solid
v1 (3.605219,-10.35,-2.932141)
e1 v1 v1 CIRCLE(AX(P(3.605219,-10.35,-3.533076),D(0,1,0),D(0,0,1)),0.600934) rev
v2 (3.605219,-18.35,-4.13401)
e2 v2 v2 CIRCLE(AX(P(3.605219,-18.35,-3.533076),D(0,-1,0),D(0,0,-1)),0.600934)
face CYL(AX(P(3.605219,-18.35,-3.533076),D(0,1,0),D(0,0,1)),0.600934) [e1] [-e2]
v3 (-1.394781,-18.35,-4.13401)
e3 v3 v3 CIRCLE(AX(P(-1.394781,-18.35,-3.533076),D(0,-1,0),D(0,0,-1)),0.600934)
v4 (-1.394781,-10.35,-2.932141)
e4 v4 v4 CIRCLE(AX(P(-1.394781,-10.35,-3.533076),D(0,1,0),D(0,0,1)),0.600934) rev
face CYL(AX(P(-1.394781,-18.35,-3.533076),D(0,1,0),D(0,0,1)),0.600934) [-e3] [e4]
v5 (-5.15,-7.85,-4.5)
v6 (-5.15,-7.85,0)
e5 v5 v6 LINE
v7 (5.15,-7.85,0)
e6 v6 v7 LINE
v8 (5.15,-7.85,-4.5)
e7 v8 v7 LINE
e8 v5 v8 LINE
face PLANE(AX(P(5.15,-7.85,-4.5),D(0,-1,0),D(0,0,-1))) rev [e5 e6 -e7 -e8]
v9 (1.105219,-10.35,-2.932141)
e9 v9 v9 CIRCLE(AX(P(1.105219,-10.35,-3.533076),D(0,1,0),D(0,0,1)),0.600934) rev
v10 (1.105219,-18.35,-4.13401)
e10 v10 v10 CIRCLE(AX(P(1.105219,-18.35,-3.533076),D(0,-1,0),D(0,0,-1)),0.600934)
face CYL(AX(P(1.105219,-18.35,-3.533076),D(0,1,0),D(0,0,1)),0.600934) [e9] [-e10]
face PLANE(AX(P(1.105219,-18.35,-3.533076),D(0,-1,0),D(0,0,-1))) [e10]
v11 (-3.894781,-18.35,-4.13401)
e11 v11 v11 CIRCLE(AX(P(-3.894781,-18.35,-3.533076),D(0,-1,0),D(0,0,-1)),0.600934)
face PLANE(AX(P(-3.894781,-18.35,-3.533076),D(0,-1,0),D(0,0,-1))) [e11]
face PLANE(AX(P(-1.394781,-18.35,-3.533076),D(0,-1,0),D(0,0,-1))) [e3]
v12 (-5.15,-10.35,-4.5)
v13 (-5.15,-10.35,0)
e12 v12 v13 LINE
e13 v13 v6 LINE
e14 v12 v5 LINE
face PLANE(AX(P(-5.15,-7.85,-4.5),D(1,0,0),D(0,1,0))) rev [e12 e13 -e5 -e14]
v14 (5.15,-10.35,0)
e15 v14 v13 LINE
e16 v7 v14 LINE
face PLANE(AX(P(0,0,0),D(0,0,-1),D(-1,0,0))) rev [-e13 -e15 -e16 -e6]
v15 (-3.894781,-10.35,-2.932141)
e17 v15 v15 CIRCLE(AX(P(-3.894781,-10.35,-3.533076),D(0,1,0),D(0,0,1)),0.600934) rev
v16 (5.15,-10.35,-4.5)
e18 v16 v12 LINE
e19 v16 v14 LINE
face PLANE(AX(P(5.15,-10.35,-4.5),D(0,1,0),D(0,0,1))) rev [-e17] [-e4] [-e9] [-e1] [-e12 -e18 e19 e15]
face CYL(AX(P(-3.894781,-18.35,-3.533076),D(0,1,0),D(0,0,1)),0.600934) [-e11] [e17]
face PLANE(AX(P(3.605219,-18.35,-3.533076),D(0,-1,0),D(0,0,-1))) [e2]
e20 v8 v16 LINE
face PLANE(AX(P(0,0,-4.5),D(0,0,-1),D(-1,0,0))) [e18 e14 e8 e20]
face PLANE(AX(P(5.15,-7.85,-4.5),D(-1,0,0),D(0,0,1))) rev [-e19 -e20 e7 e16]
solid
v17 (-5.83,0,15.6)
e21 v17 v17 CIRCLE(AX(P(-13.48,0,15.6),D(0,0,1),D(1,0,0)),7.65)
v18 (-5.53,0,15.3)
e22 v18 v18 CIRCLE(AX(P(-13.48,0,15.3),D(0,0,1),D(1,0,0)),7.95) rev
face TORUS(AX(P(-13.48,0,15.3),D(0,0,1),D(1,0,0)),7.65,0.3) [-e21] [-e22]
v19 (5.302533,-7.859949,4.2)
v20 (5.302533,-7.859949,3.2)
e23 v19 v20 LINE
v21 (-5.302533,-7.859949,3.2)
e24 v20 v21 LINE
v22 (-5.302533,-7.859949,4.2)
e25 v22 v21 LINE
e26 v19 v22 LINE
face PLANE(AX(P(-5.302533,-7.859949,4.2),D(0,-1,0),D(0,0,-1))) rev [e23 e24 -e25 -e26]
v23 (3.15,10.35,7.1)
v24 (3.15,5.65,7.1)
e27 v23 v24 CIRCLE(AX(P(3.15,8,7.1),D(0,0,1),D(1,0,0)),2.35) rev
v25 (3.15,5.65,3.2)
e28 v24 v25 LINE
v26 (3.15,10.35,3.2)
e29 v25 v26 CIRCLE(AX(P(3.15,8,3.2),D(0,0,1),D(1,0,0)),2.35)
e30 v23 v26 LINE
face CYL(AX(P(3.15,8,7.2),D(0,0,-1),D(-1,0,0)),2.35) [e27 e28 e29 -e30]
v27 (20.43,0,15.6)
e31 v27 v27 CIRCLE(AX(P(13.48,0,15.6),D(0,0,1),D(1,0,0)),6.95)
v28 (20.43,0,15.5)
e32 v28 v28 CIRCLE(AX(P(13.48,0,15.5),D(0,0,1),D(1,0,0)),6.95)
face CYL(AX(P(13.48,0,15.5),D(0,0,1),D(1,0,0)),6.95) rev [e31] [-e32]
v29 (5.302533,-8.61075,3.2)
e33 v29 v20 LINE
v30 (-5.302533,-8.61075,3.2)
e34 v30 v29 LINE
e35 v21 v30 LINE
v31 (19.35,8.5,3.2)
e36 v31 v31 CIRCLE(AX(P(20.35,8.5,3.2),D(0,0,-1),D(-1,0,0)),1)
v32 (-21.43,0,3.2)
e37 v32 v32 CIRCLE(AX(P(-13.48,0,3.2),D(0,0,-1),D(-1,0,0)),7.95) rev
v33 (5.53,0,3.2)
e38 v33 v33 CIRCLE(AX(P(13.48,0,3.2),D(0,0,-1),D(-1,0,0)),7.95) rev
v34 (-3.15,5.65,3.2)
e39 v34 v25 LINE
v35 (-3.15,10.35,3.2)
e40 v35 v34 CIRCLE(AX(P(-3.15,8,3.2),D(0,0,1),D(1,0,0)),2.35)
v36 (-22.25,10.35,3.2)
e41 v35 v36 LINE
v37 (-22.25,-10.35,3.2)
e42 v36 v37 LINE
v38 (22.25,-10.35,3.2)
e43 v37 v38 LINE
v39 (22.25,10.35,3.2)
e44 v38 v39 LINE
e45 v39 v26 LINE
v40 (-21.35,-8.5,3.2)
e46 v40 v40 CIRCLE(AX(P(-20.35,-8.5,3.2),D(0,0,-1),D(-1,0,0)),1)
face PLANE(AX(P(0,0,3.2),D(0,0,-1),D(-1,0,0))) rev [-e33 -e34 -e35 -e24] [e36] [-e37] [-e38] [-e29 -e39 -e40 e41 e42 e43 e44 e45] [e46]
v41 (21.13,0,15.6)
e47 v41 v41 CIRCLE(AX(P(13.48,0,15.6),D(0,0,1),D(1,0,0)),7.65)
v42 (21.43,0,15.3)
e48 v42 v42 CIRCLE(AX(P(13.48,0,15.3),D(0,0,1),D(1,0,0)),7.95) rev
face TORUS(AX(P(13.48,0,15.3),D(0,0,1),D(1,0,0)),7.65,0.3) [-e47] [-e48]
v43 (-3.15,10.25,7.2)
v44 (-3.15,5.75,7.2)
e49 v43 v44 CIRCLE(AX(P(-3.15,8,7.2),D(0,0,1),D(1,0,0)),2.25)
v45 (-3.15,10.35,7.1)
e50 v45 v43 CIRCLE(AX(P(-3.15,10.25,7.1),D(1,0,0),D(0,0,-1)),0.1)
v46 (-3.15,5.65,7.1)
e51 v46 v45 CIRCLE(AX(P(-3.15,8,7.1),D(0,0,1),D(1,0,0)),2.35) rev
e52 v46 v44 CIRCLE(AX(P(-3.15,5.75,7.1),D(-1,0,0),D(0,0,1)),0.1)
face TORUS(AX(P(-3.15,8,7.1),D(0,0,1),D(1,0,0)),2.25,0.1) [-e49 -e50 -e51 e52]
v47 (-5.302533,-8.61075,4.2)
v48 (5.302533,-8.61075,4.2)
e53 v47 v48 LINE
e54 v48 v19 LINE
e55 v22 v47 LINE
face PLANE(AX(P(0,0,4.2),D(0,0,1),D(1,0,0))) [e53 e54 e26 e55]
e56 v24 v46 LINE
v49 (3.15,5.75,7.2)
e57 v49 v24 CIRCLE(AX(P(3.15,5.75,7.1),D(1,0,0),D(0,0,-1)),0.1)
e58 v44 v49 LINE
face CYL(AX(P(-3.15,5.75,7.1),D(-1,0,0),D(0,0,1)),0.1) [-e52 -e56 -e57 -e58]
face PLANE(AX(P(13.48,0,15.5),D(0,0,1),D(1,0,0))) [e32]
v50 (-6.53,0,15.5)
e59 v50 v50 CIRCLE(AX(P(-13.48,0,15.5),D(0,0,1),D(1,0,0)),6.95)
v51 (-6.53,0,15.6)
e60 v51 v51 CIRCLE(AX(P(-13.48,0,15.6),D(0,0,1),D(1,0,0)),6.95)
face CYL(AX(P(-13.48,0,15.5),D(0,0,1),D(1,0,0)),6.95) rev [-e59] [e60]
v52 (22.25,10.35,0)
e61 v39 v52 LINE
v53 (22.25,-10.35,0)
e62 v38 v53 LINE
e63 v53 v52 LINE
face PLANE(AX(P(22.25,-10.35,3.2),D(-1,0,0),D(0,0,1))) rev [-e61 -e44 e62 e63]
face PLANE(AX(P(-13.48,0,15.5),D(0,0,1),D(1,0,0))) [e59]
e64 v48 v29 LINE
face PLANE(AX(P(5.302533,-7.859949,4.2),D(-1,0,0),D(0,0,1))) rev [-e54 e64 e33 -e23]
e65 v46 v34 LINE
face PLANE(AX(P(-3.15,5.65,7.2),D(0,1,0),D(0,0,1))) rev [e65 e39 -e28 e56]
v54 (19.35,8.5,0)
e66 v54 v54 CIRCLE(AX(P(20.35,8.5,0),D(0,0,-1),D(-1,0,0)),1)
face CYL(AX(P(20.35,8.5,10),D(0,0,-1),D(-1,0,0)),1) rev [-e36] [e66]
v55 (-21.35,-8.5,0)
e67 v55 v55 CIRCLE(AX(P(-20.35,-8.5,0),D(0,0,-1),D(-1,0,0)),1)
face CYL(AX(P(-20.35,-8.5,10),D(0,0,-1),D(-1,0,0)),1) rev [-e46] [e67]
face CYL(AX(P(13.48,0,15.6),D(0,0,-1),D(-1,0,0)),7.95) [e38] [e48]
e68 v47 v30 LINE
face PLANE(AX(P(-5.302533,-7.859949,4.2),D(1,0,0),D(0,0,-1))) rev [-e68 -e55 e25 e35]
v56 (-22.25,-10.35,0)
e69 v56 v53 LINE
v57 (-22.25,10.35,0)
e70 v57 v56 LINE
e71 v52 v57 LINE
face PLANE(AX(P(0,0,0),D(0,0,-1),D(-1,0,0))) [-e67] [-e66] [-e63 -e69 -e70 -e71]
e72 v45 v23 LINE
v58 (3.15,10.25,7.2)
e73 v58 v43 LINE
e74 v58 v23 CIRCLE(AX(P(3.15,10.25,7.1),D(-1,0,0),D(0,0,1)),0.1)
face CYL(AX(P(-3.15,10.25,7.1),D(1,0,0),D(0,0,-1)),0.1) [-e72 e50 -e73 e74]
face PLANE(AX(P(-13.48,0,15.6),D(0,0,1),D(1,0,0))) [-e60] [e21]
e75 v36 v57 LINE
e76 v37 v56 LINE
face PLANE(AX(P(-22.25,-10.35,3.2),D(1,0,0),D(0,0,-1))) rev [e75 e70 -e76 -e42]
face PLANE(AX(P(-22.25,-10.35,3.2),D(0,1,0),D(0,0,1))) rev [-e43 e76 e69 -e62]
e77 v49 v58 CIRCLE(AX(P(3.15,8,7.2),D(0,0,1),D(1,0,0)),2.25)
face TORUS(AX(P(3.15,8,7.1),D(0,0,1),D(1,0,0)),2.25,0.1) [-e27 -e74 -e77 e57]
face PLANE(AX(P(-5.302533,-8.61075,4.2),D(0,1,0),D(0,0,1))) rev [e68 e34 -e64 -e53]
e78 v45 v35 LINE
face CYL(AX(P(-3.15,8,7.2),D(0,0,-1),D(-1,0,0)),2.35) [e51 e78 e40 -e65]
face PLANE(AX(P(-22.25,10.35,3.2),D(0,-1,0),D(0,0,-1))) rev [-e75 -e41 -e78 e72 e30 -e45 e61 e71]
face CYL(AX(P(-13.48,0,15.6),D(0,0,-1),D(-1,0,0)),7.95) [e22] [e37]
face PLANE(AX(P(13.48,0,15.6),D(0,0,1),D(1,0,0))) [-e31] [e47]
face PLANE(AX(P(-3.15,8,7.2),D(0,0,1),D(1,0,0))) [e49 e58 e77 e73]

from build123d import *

# Parameters (mm, degrees)
SKETCH_1_W          = 44.5
SKETCH_1_H          = 20.7
EXTRUDE_1_DEPTH     = 3.2
EXTRUDE_2_DEPTH     = 4
FILLET_1_R          = 0.1
SKETCH_3_R          = 7.95
EXTRUDE_3_DEPTH     = 12.4
SKETCH_4_R          = 6.95
CUT_EXTRUDE_1_DEPTH = 0.1
FILLET_2_R          = 0.3
SKETCH_5_W          = 10.605065306
SKETCH_5_H          = 0.750801084
EXTRUDE_4_DEPTH     = 1
SKETCH_6_W          = 10.3
SKETCH_6_H          = 2.5
EXTRUDE_5_DEPTH     = 4.5
SKETCH_7_R          = 0.600934077
EXTRUDE_6_DEPTH     = 8
SKETCH_8_R          = 1
CUT_EXTRUDE_2_DEPTH = 10


with BuildPart() as part:
    # Эскиз1 → Бобышка-Вытянуть1 (new body)
    with BuildSketch(Plane.XY):
        Rectangle(SKETCH_1_W, SKETCH_1_H)
    extrude(amount=EXTRUDE_1_DEPTH)

    # Эскиз2 → Бобышка-Вытянуть2 (add)
    with BuildSketch(Plane.XY.offset(3.2)):
        with BuildLine():
            Line((-3.15, 10.35), (3.15, 10.35))
            ThreePointArc((3.15, 10.35), (5.5, 8), (3.15, 5.65))
            Line((3.15, 5.65), (-3.15, 5.65))
            ThreePointArc((-3.15, 5.65), (-5.5, 8), (-3.15, 10.35))
        make_face()
    extrude(amount=EXTRUDE_2_DEPTH)

    # Скругление1
    fillet_1_edges = [part.edges().sort_by_distance(p)[0] for p in [
        (-5.5, 8, 7.2),
        (0, 5.65, 7.2),
        (5.5, 8, 7.2),
        (0, 10.35, 7.2),
    ]]
    fillet(fillet_1_edges, radius=FILLET_1_R)

    # Эскиз3 → Бобышка-Вытянуть3 (add)
    with BuildSketch(Plane.XY.offset(3.2)):
        with Locations((-13.48, 0)):
            Circle(SKETCH_3_R)
        with Locations((13.48, 0)):
            Circle(SKETCH_3_R)
    extrude(amount=EXTRUDE_3_DEPTH)

    # Эскиз4 → Вырез-Вытянуть1 (cut)
    with BuildSketch(Plane.XY.offset(15.6)):
        with Locations((-13.48, 0)):
            Circle(SKETCH_4_R)
        with Locations((13.48, 0)):
            Circle(SKETCH_4_R)
    extrude(amount=-CUT_EXTRUDE_1_DEPTH, mode=Mode.SUBTRACT)

    # Скругление2
    fillet_2_edges = [part.edges().sort_by_distance(p)[0] for p in [
        (-21.43, 0, 15.6),
        (5.53, 0, 15.6),
    ]]
    fillet(fillet_2_edges, radius=FILLET_2_R)

    # Эскиз5 → Бобышка-Вытянуть4 (add)
    with BuildSketch(Plane.XY.offset(3.2)):
        with Locations((0, -8.235349386)):
            Rectangle(SKETCH_5_W, SKETCH_5_H)
    extrude(amount=EXTRUDE_4_DEPTH)

    # Эскиз8 → Вырез-Вытянуть2 (cut)
    with BuildSketch(Plane(origin=(0, 0, 0), x_dir=(-1, 0, 0), z_dir=(0, 0, -1))):
        with Locations((-20.35, 8.5)):
            Circle(SKETCH_8_R)
        with Locations((20.35, -8.5)):
            Circle(SKETCH_8_R)
    extrude(amount=-CUT_EXTRUDE_2_DEPTH, mode=Mode.SUBTRACT)


with BuildPart() as body_2:
    # Эскиз6 → Бобышка-Вытянуть5 (new body)
    with BuildSketch(Plane(origin=(0, 0, 0), x_dir=(-1, 0, 0), z_dir=(0, 0, -1))):
        with Locations((0, -9.1)):
            Rectangle(SKETCH_6_W, SKETCH_6_H)
    extrude(amount=EXTRUDE_5_DEPTH)

    # Эскиз7 → Бобышка-Вытянуть6 (add)
    with BuildSketch(Plane.XZ.offset(10.35)):
        with Locations((-3.894780621, -3.533075537)):
            Circle(SKETCH_7_R)
        with Locations((-1.394780621, -3.533075537)):
            Circle(SKETCH_7_R)
        with Locations((1.105219379, -3.533075537)):
            Circle(SKETCH_7_R)
        with Locations((3.605219379, -3.533075537)):
            Circle(SKETCH_7_R)
    extrude(amount=EXTRUDE_6_DEPTH)


solid = Compound([part.part, body_2.part])
